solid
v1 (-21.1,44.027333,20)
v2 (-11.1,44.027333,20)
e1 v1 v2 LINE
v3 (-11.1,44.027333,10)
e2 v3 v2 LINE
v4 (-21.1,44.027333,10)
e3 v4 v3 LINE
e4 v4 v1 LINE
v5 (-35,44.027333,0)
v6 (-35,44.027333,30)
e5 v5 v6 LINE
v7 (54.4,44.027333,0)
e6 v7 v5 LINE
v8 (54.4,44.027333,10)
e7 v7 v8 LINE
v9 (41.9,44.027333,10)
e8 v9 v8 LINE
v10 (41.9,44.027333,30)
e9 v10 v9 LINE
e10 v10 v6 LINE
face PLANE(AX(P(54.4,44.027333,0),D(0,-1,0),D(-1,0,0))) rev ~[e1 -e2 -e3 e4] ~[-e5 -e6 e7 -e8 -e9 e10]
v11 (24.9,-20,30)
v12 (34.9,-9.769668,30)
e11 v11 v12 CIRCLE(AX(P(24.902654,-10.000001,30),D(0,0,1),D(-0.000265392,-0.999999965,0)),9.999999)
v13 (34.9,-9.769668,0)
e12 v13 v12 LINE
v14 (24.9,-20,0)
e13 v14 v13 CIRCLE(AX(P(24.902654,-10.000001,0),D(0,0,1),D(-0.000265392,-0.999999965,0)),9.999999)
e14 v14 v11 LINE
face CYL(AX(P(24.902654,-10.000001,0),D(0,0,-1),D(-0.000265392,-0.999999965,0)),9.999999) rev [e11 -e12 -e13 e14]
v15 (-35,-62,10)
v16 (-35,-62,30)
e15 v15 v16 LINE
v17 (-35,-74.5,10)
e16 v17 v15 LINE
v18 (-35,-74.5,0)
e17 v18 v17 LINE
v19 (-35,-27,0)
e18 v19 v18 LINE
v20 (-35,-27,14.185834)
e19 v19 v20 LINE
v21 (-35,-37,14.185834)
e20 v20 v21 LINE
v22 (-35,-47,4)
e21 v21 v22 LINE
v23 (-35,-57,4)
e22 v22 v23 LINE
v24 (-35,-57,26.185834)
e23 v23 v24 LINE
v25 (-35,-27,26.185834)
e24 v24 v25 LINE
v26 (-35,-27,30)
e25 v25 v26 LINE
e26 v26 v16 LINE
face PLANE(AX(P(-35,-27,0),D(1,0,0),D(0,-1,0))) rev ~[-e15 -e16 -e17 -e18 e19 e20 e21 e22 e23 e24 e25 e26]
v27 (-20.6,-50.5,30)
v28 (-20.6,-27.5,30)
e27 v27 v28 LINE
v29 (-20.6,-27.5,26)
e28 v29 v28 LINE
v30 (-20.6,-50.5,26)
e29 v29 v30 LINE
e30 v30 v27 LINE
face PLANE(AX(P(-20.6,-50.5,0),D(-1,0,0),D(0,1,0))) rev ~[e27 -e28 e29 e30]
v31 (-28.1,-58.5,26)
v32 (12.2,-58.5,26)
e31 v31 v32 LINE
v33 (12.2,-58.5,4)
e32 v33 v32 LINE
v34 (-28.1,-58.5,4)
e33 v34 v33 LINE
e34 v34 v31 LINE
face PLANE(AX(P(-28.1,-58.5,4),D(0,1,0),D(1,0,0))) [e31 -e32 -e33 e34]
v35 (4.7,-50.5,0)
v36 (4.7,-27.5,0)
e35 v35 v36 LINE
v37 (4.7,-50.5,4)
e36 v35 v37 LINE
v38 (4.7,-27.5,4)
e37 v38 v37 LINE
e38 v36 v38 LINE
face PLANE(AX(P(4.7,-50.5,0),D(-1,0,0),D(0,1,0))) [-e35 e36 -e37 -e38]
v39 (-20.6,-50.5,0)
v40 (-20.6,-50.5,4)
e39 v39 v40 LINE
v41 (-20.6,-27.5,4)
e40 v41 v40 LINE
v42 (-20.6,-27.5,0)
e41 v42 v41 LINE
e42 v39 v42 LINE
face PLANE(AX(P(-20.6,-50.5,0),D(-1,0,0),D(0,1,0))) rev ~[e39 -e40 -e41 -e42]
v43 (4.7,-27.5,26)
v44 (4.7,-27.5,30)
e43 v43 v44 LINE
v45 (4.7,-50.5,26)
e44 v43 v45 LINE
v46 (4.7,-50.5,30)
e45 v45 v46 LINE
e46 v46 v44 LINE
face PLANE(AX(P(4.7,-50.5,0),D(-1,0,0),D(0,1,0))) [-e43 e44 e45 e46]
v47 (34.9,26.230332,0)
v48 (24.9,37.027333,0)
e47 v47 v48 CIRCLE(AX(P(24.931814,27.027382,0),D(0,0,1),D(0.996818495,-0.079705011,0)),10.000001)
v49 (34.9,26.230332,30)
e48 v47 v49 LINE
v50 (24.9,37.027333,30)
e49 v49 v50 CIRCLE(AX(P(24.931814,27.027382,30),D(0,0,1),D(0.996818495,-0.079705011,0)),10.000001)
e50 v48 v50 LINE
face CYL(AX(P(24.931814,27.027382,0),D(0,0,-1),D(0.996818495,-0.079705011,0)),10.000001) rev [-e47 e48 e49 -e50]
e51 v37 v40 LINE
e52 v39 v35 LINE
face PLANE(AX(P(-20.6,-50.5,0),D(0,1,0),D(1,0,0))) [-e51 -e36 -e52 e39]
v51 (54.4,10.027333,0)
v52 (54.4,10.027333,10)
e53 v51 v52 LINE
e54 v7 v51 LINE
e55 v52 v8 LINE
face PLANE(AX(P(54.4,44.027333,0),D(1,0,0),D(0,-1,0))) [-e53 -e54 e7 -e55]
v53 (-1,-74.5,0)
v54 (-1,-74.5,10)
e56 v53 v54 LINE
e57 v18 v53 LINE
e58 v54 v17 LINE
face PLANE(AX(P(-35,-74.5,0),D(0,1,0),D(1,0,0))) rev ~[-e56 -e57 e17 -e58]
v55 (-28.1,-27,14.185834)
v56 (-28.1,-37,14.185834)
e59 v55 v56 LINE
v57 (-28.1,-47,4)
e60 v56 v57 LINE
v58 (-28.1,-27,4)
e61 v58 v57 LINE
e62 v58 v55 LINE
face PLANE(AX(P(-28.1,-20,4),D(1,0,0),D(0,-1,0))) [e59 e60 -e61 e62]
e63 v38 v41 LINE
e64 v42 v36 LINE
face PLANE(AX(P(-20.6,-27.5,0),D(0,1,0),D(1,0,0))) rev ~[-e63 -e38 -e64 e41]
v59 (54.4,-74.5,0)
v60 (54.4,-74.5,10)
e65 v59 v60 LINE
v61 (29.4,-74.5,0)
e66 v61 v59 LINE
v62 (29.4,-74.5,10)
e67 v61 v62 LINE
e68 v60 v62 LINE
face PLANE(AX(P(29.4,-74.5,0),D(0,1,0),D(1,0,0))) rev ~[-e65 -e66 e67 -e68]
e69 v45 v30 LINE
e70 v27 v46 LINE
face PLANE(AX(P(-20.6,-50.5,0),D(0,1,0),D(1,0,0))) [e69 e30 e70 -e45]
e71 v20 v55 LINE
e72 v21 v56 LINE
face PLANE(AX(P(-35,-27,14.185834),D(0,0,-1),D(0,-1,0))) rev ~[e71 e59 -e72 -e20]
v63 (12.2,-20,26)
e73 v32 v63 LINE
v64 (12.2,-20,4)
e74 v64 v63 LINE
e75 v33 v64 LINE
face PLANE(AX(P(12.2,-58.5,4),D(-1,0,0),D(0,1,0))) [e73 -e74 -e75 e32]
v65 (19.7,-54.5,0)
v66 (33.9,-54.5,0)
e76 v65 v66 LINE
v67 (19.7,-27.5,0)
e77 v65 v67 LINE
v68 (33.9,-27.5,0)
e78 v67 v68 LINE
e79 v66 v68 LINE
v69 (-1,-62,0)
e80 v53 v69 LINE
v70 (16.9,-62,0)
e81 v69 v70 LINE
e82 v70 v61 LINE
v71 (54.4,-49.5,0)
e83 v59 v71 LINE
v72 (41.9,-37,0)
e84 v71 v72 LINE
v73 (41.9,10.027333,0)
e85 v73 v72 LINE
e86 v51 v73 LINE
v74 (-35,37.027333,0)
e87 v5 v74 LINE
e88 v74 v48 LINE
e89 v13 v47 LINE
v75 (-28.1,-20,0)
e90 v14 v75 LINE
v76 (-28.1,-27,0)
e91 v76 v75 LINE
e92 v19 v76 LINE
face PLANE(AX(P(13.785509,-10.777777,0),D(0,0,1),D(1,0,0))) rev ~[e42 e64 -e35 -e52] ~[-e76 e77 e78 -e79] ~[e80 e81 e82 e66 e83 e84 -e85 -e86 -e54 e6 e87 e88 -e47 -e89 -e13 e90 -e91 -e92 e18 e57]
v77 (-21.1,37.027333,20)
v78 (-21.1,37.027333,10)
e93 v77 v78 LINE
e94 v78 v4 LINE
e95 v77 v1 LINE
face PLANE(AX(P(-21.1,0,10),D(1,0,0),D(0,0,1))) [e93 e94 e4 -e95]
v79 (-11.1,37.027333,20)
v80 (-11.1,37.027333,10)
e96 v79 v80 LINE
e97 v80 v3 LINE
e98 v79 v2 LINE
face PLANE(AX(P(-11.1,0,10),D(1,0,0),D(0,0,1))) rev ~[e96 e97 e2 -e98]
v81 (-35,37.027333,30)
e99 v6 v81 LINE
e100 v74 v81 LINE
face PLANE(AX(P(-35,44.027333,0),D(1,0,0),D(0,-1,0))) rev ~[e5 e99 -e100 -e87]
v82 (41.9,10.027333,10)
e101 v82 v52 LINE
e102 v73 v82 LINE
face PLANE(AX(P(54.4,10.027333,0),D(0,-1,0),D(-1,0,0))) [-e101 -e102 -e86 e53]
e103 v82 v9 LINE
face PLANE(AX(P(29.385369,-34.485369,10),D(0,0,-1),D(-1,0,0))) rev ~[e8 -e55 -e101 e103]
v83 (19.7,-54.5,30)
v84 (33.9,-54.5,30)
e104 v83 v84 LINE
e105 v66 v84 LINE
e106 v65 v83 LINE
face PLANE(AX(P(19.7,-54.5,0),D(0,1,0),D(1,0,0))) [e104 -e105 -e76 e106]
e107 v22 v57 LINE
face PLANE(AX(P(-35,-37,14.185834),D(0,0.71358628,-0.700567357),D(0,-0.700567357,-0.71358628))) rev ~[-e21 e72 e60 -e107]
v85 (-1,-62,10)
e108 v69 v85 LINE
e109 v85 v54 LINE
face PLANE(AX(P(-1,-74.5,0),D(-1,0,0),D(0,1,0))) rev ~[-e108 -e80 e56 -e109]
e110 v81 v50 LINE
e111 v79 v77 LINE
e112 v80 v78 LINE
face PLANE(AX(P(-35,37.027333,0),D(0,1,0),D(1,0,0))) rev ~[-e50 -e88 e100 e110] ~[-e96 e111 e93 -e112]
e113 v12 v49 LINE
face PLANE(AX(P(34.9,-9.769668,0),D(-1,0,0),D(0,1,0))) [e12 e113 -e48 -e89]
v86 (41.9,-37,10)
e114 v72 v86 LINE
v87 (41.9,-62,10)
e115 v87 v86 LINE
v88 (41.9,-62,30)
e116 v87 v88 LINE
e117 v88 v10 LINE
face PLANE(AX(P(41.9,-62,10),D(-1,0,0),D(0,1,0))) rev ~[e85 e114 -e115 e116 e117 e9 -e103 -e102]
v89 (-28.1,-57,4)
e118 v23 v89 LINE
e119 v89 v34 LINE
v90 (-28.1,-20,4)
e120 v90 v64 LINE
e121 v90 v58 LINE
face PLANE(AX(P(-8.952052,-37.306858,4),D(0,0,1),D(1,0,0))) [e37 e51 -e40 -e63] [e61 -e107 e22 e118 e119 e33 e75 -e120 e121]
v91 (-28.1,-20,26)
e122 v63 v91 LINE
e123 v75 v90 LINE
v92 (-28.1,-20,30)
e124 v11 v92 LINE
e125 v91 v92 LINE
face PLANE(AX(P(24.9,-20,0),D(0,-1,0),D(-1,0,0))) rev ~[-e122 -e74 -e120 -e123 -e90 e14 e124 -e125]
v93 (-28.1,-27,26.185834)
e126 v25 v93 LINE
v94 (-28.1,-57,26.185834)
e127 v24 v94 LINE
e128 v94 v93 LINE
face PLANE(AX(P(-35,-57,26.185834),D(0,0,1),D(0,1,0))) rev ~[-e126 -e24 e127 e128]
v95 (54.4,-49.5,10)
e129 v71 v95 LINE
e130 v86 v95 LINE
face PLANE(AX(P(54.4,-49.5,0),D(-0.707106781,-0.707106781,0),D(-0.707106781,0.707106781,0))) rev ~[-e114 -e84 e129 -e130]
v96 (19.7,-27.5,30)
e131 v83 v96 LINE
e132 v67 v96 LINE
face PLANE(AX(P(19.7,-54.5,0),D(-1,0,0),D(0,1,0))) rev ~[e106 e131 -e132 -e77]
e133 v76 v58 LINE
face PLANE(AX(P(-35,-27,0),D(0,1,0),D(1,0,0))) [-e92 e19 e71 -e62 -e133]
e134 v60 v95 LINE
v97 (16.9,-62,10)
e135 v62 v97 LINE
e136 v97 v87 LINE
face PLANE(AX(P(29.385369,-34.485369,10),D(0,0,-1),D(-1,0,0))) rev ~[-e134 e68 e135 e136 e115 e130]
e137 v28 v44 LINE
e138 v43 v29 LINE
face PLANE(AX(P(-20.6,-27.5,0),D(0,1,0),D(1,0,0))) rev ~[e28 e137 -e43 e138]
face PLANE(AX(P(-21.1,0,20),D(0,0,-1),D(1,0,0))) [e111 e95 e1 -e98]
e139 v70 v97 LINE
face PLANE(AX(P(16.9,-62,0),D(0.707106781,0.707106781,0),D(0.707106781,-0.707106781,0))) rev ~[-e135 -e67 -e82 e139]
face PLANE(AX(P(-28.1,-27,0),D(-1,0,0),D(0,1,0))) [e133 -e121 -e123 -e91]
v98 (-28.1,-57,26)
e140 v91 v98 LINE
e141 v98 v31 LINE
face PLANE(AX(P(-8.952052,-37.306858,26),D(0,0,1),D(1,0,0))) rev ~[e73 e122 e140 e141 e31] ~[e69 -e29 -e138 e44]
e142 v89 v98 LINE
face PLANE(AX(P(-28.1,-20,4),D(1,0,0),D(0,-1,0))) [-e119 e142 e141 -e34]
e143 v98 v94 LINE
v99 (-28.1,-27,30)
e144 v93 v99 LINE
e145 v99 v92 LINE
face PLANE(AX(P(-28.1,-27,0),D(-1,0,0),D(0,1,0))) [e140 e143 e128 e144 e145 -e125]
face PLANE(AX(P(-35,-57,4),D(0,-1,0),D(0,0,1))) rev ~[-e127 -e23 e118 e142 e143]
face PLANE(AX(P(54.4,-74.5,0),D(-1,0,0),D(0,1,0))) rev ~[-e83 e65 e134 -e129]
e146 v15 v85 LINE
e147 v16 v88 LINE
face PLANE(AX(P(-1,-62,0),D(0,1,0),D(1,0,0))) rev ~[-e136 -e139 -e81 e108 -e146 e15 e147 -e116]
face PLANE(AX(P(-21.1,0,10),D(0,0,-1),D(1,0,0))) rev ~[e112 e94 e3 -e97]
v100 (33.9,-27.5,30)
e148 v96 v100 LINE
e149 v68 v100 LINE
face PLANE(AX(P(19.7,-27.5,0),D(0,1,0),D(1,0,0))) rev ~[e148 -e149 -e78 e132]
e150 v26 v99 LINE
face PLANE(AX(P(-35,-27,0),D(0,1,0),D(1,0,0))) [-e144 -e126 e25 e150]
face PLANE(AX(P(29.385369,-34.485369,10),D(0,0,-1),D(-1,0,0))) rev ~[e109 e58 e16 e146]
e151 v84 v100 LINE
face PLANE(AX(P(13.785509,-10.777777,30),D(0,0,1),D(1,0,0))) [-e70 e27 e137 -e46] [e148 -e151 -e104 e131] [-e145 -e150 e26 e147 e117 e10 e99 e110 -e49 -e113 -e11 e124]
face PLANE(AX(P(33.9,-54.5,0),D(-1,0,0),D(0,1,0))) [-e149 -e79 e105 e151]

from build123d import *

# Parameters (mm, degrees)
PAD_DEPTH       = 30
POCKET_DEPTH    = 22
POCKET001_DEPTH = 6.9
SKETCH003_W     = 25.3
SKETCH003_H     = 23
SKETCH003_W_2   = 14.2
SKETCH003_H_2   = 27
POCKET002_DEPTH = 30
SKETCH004_W     = 10
SKETCH004_H     = 10
POCKET003_DEPTH = 50
POCKET004_DEPTH = 20


with BuildPart() as part:
    # Sketch → Pad (new body)
    with BuildSketch(Plane.XY):
        with BuildLine():
            Line((-35, 44.027333), (-35, 37.027333))
            Line((-35, 37.027333), (24.9, 37.027333))
            ThreePointArc((34.9, 26.230332), (32.268481, 33.822479), (24.9, 37.027333))
            Line((34.9, -9.769668), (34.9, 26.230332))
            ThreePointArc((24.9, -20), (32.053765, -16.990108), (34.9, -9.769668))
            Line((24.9, -20), (-28.1, -20))
            Line((-28.1, -27), (-28.1, -20))
            Line((-35, -27), (-28.1, -27))
            Line((-35, -27), (-35, -62))
            Line((-35, -62), (-35, -74.5))
            Line((-35, -74.5), (-1, -74.5))
            Line((-1, -74.5), (-1, -62))
            Line((-1, -62), (16.9, -62))
            Line((16.9, -62), (29.4, -74.5))
            Line((29.4, -74.5), (54.4, -74.5))
            Line((54.4, -74.5), (54.4, -49.5))
            Line((54.4, -49.5), (41.9, -37))
            Line((41.9, 10.027333), (41.9, -37))
            Line((54.4, 10.027333), (41.9, 10.027333))
            Line((54.4, 44.027333), (54.4, 10.027333))
            Line((41.9, 44.027333), (54.4, 44.027333))
            Line((41.9, 44.027333), (-35, 44.027333))
        make_face()
    extrude(amount=PAD_DEPTH)

    # Sketch001 → Pocket (cut)
    with BuildSketch(Plane.XY.offset(4)):
        Polygon((-28.1, -20), (-28.1, -58.5), (12.2, -58.5), (12.2, -20), (-18.1, -20), (-18.1, -13.5), (-24.1, -13.5), (-24.1, -20), align=None)
    extrude(amount=POCKET_DEPTH, mode=Mode.SUBTRACT)

    # Sketch002 → Pocket001 (cut)
    with BuildSketch(Plane.YZ.offset(-35)):
        Polygon((-27, 26.185834), (-27, 14.185834), (-37, 14.185834), (-47, 4), (-57, 4), (-57, 26.185834), align=None)
    extrude(amount=POCKET001_DEPTH, mode=Mode.SUBTRACT)

    # Sketch003 → Pocket002 (cut)
    with BuildSketch(Plane.XY):
        with Locations((-7.95, -39)):
            Rectangle(SKETCH003_W, SKETCH003_H)
        with Locations((26.8, -41)):
            Rectangle(SKETCH003_W_2, SKETCH003_H_2)
    extrude(amount=POCKET002_DEPTH, mode=Mode.SUBTRACT)

    # Sketch004 → Pocket003 (cut)
    with BuildSketch(Plane.XZ):
        with Locations((-16.1, 15)):
            Rectangle(SKETCH004_W, SKETCH004_H)
    extrude(amount=-POCKET003_DEPTH, mode=Mode.SUBTRACT)

    # Sketch005 → Pocket004 (cut)
    with BuildSketch(Plane.XY.offset(10)):
        Polygon((54.4, -61.416298), (54.4, -74.5), (-35, -74.5), (-35, -62), (41.9, -62), (41.9, 44.9), (54.4, 44.9), align=None)
    extrude(amount=POCKET004_DEPTH, mode=Mode.SUBTRACT)


solid = part.part
